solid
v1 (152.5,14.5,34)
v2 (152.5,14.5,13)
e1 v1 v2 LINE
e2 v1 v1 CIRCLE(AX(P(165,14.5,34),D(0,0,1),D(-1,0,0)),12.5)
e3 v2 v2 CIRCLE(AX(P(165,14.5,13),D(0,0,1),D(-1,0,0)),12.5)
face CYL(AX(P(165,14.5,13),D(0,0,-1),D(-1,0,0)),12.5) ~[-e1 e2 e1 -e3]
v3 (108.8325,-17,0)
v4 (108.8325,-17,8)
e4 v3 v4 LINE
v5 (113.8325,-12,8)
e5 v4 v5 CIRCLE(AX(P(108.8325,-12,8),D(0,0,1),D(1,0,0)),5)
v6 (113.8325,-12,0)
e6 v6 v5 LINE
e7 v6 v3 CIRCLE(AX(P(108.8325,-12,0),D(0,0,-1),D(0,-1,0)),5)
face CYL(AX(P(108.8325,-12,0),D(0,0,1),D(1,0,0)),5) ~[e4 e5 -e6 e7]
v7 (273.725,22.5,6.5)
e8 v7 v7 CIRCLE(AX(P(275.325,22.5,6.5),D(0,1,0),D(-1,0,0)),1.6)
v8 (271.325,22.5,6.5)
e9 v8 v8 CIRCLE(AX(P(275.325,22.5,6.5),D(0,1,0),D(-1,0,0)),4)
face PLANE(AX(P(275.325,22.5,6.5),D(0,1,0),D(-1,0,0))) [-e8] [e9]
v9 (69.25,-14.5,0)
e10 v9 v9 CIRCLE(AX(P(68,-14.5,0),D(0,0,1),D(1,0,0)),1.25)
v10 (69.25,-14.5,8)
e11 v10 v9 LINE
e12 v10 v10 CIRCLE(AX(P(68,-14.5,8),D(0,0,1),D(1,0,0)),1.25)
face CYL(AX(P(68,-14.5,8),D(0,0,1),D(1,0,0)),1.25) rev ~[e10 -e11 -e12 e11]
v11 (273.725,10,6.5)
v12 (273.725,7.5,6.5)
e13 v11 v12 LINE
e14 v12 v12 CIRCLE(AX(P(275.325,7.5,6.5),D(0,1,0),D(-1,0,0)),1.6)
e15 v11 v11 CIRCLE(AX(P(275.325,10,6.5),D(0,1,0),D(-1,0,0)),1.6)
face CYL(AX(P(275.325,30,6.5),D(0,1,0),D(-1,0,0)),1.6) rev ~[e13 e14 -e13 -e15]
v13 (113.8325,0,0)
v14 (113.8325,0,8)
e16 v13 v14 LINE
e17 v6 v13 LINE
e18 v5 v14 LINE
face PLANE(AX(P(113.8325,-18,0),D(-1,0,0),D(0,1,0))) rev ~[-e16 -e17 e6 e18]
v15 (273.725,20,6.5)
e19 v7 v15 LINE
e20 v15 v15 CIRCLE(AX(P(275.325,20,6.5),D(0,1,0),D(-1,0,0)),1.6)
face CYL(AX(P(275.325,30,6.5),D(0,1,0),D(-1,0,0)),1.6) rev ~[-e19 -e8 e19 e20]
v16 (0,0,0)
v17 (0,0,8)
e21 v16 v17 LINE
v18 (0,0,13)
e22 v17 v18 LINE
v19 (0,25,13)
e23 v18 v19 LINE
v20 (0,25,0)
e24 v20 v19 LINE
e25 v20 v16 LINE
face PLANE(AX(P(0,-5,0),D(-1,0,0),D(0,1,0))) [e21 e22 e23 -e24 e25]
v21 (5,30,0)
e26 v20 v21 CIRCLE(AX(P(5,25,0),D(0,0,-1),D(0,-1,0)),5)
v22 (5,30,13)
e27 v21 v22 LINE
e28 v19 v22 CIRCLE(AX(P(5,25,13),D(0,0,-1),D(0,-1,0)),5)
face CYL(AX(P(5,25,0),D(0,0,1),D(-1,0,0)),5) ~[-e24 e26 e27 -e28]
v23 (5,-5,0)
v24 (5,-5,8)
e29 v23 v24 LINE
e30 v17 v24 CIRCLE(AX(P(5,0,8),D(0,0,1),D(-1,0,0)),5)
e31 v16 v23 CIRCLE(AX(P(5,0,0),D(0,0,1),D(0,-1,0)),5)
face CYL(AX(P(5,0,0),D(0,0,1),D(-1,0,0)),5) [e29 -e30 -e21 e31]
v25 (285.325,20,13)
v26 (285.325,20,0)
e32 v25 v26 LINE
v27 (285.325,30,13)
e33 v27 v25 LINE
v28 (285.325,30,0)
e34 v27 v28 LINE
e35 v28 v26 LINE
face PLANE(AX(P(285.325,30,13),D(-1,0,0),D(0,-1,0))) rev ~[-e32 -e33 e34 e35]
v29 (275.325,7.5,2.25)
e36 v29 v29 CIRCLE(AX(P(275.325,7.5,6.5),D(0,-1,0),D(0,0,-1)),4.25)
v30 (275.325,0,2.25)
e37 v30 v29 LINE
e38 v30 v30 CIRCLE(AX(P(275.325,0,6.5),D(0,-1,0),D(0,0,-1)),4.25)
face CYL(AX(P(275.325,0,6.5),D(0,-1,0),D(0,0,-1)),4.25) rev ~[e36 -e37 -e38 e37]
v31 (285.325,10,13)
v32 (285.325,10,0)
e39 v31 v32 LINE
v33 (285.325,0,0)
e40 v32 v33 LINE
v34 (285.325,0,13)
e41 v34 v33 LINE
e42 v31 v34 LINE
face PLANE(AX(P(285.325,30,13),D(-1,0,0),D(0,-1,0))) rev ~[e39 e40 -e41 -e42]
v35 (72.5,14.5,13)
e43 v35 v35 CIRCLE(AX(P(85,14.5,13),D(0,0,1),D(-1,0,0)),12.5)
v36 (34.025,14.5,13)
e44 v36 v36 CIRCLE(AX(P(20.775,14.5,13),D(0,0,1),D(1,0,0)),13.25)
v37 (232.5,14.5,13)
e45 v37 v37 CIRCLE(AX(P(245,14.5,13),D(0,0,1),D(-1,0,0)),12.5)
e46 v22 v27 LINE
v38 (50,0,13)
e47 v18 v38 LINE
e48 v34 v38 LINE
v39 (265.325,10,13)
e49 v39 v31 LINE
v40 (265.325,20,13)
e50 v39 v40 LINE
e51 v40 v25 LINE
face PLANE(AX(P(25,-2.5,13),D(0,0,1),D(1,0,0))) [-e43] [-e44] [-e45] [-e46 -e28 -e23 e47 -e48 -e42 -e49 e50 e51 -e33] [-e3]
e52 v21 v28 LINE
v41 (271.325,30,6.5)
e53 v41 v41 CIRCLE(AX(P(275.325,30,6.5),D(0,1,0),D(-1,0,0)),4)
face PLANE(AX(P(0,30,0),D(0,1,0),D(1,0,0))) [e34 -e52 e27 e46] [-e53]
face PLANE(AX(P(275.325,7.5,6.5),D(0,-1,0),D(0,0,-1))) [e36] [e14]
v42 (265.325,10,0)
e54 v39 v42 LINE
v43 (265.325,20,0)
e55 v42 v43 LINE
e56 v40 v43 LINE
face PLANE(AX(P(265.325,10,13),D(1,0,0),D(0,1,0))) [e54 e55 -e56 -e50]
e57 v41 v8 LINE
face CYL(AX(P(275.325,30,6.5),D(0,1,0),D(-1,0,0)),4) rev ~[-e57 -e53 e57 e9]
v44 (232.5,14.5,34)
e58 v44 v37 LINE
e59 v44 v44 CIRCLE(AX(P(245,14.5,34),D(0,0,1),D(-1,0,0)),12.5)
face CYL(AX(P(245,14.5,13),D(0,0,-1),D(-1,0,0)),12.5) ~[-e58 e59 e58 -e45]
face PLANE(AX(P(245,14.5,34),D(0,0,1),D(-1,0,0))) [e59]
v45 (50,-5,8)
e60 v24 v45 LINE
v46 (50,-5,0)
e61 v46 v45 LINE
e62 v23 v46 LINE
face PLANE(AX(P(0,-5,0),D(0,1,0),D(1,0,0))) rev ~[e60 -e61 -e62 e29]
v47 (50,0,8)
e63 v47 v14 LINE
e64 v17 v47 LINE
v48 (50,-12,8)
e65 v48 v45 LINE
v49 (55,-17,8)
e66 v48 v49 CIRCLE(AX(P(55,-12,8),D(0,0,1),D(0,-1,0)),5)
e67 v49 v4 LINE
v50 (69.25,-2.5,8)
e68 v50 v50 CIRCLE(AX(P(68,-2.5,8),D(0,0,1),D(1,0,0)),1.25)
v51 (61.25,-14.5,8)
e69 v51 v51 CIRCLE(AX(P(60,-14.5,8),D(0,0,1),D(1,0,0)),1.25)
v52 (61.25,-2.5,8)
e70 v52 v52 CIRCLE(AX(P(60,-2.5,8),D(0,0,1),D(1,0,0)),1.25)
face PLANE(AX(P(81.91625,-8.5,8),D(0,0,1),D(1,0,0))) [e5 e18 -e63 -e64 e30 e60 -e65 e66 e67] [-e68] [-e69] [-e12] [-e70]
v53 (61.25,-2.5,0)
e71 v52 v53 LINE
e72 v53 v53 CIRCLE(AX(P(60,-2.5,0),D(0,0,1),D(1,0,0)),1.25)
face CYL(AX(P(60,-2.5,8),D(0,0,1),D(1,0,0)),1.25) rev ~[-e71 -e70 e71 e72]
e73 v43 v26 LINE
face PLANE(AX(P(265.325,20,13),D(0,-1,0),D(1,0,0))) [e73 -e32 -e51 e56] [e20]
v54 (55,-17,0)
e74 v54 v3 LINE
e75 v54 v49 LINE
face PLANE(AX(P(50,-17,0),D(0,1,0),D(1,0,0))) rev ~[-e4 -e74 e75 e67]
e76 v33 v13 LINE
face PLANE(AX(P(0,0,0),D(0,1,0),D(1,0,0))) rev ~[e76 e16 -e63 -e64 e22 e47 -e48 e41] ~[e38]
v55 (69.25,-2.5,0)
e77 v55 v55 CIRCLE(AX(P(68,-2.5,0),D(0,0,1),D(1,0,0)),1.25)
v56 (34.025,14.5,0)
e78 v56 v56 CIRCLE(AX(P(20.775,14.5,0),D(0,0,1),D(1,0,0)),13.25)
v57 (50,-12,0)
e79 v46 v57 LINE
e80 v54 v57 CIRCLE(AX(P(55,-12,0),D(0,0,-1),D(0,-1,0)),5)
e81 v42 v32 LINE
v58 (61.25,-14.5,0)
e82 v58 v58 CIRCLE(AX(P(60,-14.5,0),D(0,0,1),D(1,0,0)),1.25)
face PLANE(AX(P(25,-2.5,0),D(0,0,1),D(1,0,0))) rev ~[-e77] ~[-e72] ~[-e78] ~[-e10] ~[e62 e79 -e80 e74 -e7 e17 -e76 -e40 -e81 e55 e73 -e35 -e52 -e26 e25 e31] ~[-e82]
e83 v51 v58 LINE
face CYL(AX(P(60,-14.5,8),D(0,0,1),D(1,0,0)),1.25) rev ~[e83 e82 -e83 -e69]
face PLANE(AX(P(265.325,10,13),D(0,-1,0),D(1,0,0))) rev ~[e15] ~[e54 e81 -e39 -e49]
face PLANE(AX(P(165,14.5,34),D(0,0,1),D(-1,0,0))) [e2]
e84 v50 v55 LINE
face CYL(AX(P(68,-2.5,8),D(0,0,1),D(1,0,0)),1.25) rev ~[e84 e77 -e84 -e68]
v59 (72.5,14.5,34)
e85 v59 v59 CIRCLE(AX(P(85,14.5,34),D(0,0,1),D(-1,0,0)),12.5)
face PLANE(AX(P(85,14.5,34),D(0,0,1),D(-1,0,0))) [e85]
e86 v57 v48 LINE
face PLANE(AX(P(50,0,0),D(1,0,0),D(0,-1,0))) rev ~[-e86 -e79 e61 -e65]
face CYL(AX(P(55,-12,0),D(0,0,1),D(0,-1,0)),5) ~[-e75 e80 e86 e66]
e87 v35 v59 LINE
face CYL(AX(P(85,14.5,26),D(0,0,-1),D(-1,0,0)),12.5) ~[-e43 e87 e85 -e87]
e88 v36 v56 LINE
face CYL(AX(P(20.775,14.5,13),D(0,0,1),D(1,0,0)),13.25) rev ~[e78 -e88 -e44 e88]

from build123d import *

# Parameters (mm, degrees)
SKETCH1_W           = 355.325
SKETCH1_H           = 30
SKETCH1_R           = 12.5
SKETCH1_R_2         = 1
SKETCH1_W_2         = 50
SKETCH1_H_2         = 5
BOSS_EXTRUDE3_DEPTH = 13
FILLET3_R           = 5
SKETCH3_R           = 12.5
BOSS_EXTRUDE4_DEPTH = 13
CUT_EXTRUDE1_REACH  = 359.536
SKETCH4_R           = 1.425
SKETCH5_W           = 63.83
SKETCH5_H           = 18
CUT_EXTRUDE3_DEPTH  = 358.535810269
FILLET4_R           = 5
SKETCH6_W           = 63.8325
SKETCH6_H           = 17
CUT_EXTRUDE4_DEPTH  = 5
SKETCH7_R           = 2.159563788
SKETCH7_R_2         = 1
SKETCH7_R_3         = 2.117135705
SKETCH7_R_4         = 1.916104153
SKETCH7_R_5         = 2.415941568
BOSS_EXTRUDE5_DEPTH = 8
SKETCH8_R           = 12.5
BOSS_EXTRUDE6_DEPTH = 13
SKETCH10_W          = 20
SKETCH10_H          = 10
SKETCH10_R          = 12.5
CUT_EXTRUDE6_DEPTH  = 358.535810269
SKETCH11_R          = 13.25
CUT_EXTRUDE7_DEPTH  = 289.073524686
SKETCH12_R          = 1.25
CUT_EXTRUDE8_DEPTH  = 289.567766088
SKETCH15_R          = 1.6
CUT_EXTRUDE10_DEPTH = 292.788203368
SKETCH17_R          = 4
CUT_EXTRUDE11_DEPTH = 7.5
SKETCH18_R          = 4.25
CUT_EXTRUDE12_DEPTH = 7.5
SKETCH19_W          = 52.537451678
SKETCH19_H          = 17.901984435
CUT_EXTRUDE13_DEPTH = 5
CUT_EXTRUDE14_START = -5
SKETCH20_R          = 12.5
CUT_EXTRUDE14_DEPTH = 5


with BuildPart() as part:
    # Sketch1 → Boss-Extrude3 (new body)
    # profile 1 of 3: a face of its own
    with BuildSketch(Plane.XY):
        with Locations((177.6625, 15)):
            Rectangle(SKETCH1_W, SKETCH1_H)
        with Locations(Location((334.55, 14.5, 0), (0, 0, 180))):
            Circle(SKETCH1_R, mode=Mode.SUBTRACT)
        with Locations(Location((20.775, 14.5, 0), (0, 0, 180))):
            Circle(SKETCH1_R, mode=Mode.SUBTRACT)
    # profile 2 of 3: a face of its own
    with BuildSketch(Plane.XY):
        Polygon((177.6625, 0), (50, 0), (50, -5), (50, -17), (177.6625, -17), align=None)
        with Locations(Location((60, -14.5, 0), (0, 0, 180))):
            Circle(SKETCH1_R_2, mode=Mode.SUBTRACT)
        with Locations(Location((68, -14.5, 0), (0, 0, 180))):
            Circle(SKETCH1_R_2, mode=Mode.SUBTRACT)
        with Locations(Location((60, -2.5, 0), (0, 0, 180))):
            Circle(SKETCH1_R_2, mode=Mode.SUBTRACT)
        with Locations(Location((68, -2.5, 0), (0, 0, 180))):
            Circle(SKETCH1_R_2, mode=Mode.SUBTRACT)
    # profile 3 of 3: a face of its own
    with BuildSketch(Plane.XY):
        with Locations((25, -2.5)):
            Rectangle(SKETCH1_W_2, SKETCH1_H_2)
    extrude(amount=BOSS_EXTRUDE3_DEPTH)

    # Fillet3
    fillet3_edges = [part.edges().sort_by_distance(p)[0] for p in [
        (0, -5, 6.5),
        (0, 30, 6.5),
        (355.325, 30, 6.5),
        (355.325, 0, 6.5),
        (177.6625, -17, 6.5),
        (50, -17, 6.5),
    ]]
    fillet(fillet3_edges, radius=FILLET3_R)

    # Sketch3 → Boss-Extrude4 (add)
    with BuildSketch(Plane.XY.offset(13)):
        with Locations(Location((85, 14.5, 0), (0, 0, 180))):
            Circle(SKETCH3_R)
        with Locations(Location((165, 14.5, 0), (0, 0, 180))):
            Circle(SKETCH3_R)
        with Locations(Location((245, 14.5, 0), (0, 0, 180))):
            Circle(SKETCH3_R)
    extrude(amount=BOSS_EXTRUDE4_DEPTH)

    # Sketch4 → Cut-Extrude1 (cut, up to next)
    with BuildSketch(Plane(origin=(0, 0, 0), x_dir=(-1, 0, 0), z_dir=(0, 0, -1)), mode=Mode.PRIVATE) as cut_extrude1_sk1:
        with Locations((-68, -2.5)):
            Circle(SKETCH4_R)
    cut_extrude1_tool1 = extrude(cut_extrude1_sk1.sketch, amount=-CUT_EXTRUDE1_REACH, mode=Mode.PRIVATE) & part.part
    # Sketch4 → Cut-Extrude1 (cut, up to next)
    with BuildSketch(Plane(origin=(0, 0, 0), x_dir=(-1, 0, 0), z_dir=(0, 0, -1)), mode=Mode.PRIVATE) as cut_extrude1_sk2:
        with Locations((-60, -2.5)):
            Circle(SKETCH4_R)
    cut_extrude1_tool2 = extrude(cut_extrude1_sk2.sketch, amount=-CUT_EXTRUDE1_REACH, mode=Mode.PRIVATE) & part.part
    # Sketch4 → Cut-Extrude1 (cut, up to next)
    with BuildSketch(Plane(origin=(0, 0, 0), x_dir=(-1, 0, 0), z_dir=(0, 0, -1)), mode=Mode.PRIVATE) as cut_extrude1_sk3:
        with Locations((-60, -14.5)):
            Circle(SKETCH4_R)
    cut_extrude1_tool3 = extrude(cut_extrude1_sk3.sketch, amount=-CUT_EXTRUDE1_REACH, mode=Mode.PRIVATE) & part.part
    # Sketch4 → Cut-Extrude1 (cut, up to next)
    with BuildSketch(Plane(origin=(0, 0, 0), x_dir=(-1, 0, 0), z_dir=(0, 0, -1)), mode=Mode.PRIVATE) as cut_extrude1_sk4:
        with Locations((-68, -14.5)):
            Circle(SKETCH4_R)
    cut_extrude1_tool4 = extrude(cut_extrude1_sk4.sketch, amount=-CUT_EXTRUDE1_REACH, mode=Mode.PRIVATE) & part.part
    add(cut_extrude1_tool1.solids().sort_by_distance((68, -2.5, 0))[0], mode=Mode.SUBTRACT)
    add(cut_extrude1_tool2.solids().sort_by_distance((60, -2.5, 0))[0], mode=Mode.SUBTRACT)
    add(cut_extrude1_tool3.solids().sort_by_distance((60, -14.5, 0))[0], mode=Mode.SUBTRACT)
    add(cut_extrude1_tool4.solids().sort_by_distance((68, -14.5, 0))[0], mode=Mode.SUBTRACT)

    # Sketch5 → Cut-Extrude3 (cut, through all)
    with BuildSketch(Plane(origin=(0, 0, 0), x_dir=(-1, 0, 0), z_dir=(0, 0, -1))):
        with Locations((-145.7475, -9)):
            Rectangle(SKETCH5_W, SKETCH5_H)
    extrude(amount=-CUT_EXTRUDE3_DEPTH, mode=Mode.SUBTRACT)

    # Fillet4
    fillet4_edges = [part.edges().sort_by_distance(p)[0] for p in [
        (113.8325, -17, 6.5),
    ]]
    fillet(fillet4_edges, radius=FILLET4_R)

    # Sketch6 → Cut-Extrude4 (cut)
    with BuildSketch(Plane.XY.offset(13)):
        with Locations((81.91625, -8.5)):
            Rectangle(SKETCH6_W, SKETCH6_H)
    extrude(amount=-CUT_EXTRUDE4_DEPTH, mode=Mode.SUBTRACT)

    # Sketch7 → Boss-Extrude5 (add)
    # profile 1 of 4: a face of its own
    with BuildSketch(Plane.XY.offset(8)):
        with Locations((60, -14.5)):
            Circle(SKETCH7_R)
        with Locations((60, -14.5)):
            Circle(SKETCH7_R_2, mode=Mode.SUBTRACT)
    # profile 2 of 4: a face of its own
    with BuildSketch(Plane.XY.offset(8)):
        with Locations((60, -2.5)):
            Circle(SKETCH7_R_3)
        with Locations((60, -2.5)):
            Circle(SKETCH7_R_2, mode=Mode.SUBTRACT)
    # profile 3 of 4: a face of its own
    with BuildSketch(Plane.XY.offset(8)):
        with Locations((68, -2.5)):
            Circle(SKETCH7_R_4)
        with Locations((68, -2.5)):
            Circle(SKETCH7_R_2, mode=Mode.SUBTRACT)
    # profile 4 of 4: a face of its own
    with BuildSketch(Plane.XY.offset(8)):
        with Locations((68, -14.5)):
            Circle(SKETCH7_R_5)
        with Locations((68, -14.5)):
            Circle(SKETCH7_R_2, mode=Mode.SUBTRACT)
    extrude(amount=-BOSS_EXTRUDE5_DEPTH)

    # Sketch8 → Boss-Extrude6 (add)
    with BuildSketch(Plane.XY.offset(26)):
        with Locations(Location((85, 14.5, 0), (0, 0, 180))):
            Circle(SKETCH8_R)
        with Locations(Location((165, 14.5, 0), (0, 0, 180))):
            Circle(SKETCH8_R)
        with Locations(Location((245, 14.5, 0), (0, 0, 180))):
            Circle(SKETCH8_R)
    extrude(amount=BOSS_EXTRUDE6_DEPTH)

    # Sketch10 → Cut-Extrude6 (cut, through all)
    # profile 1 of 2: a face of its own
    with BuildSketch(Plane.XY.offset(13)):
        with Locations((275.325, 15)):
            Rectangle(SKETCH10_W, SKETCH10_H)
    # profile 2 of 2: a face of its own
    with BuildSketch(Plane.XY.offset(13)):
        with BuildLine():
            ThreePointArc((355.325, 25), (353.860533906, 28.535533906), (350.325, 30))
            Line((350.325, 30), (285.325, 30))
            Line((285.325, 30), (285.325, 20))
            Line((285.325, 20), (285.325, 10))
            Line((285.325, 10), (285.325, 0))
            Line((285.325, 0), (350.325, 0))
            ThreePointArc((350.325, 0), (353.860533906, 1.464466094), (355.325, 5))
            Line((355.325, 5), (355.325, 25))
        make_face()
        with Locations((334.55, 14.5)):
            Circle(SKETCH10_R, mode=Mode.SUBTRACT)
    extrude(amount=-CUT_EXTRUDE6_DEPTH, mode=Mode.SUBTRACT)

    # Sketch11 → Cut-Extrude7 (cut, through all)
    with BuildSketch(Plane.XY.offset(13)):
        with Locations((20.775, 14.5)):
            Circle(SKETCH11_R)
    extrude(amount=-CUT_EXTRUDE7_DEPTH, mode=Mode.SUBTRACT)

    # Sketch12 → Cut-Extrude8 (cut, through all)
    with BuildSketch(Plane.XY.offset(8)):
        with Locations((60, -2.5)):
            Circle(SKETCH12_R)
        with Locations((68, -2.5)):
            Circle(SKETCH12_R)
        with Locations((68, -14.5)):
            Circle(SKETCH12_R)
        with Locations((60, -14.5)):
            Circle(SKETCH12_R)
    extrude(amount=-CUT_EXTRUDE8_DEPTH, mode=Mode.SUBTRACT)

    # Sketch15 → Cut-Extrude10 (cut, through all)
    with BuildSketch(Plane(origin=(0, 30, 0), x_dir=(1, 0, 0), z_dir=(0, 1, 0))):
        with Locations(Location((275.325, -6.5, 0), (0, 0, 180))):
            Circle(SKETCH15_R)
    extrude(amount=-CUT_EXTRUDE10_DEPTH, mode=Mode.SUBTRACT)

    # Sketch17 → Cut-Extrude11 (cut)
    with BuildSketch(Plane(origin=(0, 30, 0), x_dir=(1, 0, 0), z_dir=(0, 1, 0))):
        with Locations(Location((275.325, -6.5, 0), (0, 0, 180))):
            Circle(SKETCH17_R)
    extrude(amount=-CUT_EXTRUDE11_DEPTH, mode=Mode.SUBTRACT)

    # Sketch18 → Cut-Extrude12 (cut)
    with BuildSketch(Plane.XZ):
        with Locations(Location((275.325, 6.5, 0), (0, 0, 270))):
            Circle(SKETCH18_R)
    extrude(amount=-CUT_EXTRUDE12_DEPTH, mode=Mode.SUBTRACT)

    # Sketch19 → Cut-Extrude13 (cut)
    with BuildSketch(Plane.XY.offset(13)):
        with Locations((23.731274161, -8.950992218)):
            Rectangle(SKETCH19_W, SKETCH19_H)
    extrude(amount=-CUT_EXTRUDE13_DEPTH, mode=Mode.SUBTRACT)

    # Sketch20 → Cut-Extrude14 (cut)
    with BuildSketch(Plane.XY.offset(39).offset(CUT_EXTRUDE14_START)):
        with Locations(Location((85, 14.5, 0), (0, 0, 180))):
            Circle(SKETCH20_R)
        with Locations(Location((165, 14.5, 0), (0, 0, 180))):
            Circle(SKETCH20_R)
        with Locations(Location((245, 14.5, 0), (0, 0, 180))):
            Circle(SKETCH20_R)
    extrude(amount=CUT_EXTRUDE14_DEPTH, mode=Mode.SUBTRACT)


solid = part.part
